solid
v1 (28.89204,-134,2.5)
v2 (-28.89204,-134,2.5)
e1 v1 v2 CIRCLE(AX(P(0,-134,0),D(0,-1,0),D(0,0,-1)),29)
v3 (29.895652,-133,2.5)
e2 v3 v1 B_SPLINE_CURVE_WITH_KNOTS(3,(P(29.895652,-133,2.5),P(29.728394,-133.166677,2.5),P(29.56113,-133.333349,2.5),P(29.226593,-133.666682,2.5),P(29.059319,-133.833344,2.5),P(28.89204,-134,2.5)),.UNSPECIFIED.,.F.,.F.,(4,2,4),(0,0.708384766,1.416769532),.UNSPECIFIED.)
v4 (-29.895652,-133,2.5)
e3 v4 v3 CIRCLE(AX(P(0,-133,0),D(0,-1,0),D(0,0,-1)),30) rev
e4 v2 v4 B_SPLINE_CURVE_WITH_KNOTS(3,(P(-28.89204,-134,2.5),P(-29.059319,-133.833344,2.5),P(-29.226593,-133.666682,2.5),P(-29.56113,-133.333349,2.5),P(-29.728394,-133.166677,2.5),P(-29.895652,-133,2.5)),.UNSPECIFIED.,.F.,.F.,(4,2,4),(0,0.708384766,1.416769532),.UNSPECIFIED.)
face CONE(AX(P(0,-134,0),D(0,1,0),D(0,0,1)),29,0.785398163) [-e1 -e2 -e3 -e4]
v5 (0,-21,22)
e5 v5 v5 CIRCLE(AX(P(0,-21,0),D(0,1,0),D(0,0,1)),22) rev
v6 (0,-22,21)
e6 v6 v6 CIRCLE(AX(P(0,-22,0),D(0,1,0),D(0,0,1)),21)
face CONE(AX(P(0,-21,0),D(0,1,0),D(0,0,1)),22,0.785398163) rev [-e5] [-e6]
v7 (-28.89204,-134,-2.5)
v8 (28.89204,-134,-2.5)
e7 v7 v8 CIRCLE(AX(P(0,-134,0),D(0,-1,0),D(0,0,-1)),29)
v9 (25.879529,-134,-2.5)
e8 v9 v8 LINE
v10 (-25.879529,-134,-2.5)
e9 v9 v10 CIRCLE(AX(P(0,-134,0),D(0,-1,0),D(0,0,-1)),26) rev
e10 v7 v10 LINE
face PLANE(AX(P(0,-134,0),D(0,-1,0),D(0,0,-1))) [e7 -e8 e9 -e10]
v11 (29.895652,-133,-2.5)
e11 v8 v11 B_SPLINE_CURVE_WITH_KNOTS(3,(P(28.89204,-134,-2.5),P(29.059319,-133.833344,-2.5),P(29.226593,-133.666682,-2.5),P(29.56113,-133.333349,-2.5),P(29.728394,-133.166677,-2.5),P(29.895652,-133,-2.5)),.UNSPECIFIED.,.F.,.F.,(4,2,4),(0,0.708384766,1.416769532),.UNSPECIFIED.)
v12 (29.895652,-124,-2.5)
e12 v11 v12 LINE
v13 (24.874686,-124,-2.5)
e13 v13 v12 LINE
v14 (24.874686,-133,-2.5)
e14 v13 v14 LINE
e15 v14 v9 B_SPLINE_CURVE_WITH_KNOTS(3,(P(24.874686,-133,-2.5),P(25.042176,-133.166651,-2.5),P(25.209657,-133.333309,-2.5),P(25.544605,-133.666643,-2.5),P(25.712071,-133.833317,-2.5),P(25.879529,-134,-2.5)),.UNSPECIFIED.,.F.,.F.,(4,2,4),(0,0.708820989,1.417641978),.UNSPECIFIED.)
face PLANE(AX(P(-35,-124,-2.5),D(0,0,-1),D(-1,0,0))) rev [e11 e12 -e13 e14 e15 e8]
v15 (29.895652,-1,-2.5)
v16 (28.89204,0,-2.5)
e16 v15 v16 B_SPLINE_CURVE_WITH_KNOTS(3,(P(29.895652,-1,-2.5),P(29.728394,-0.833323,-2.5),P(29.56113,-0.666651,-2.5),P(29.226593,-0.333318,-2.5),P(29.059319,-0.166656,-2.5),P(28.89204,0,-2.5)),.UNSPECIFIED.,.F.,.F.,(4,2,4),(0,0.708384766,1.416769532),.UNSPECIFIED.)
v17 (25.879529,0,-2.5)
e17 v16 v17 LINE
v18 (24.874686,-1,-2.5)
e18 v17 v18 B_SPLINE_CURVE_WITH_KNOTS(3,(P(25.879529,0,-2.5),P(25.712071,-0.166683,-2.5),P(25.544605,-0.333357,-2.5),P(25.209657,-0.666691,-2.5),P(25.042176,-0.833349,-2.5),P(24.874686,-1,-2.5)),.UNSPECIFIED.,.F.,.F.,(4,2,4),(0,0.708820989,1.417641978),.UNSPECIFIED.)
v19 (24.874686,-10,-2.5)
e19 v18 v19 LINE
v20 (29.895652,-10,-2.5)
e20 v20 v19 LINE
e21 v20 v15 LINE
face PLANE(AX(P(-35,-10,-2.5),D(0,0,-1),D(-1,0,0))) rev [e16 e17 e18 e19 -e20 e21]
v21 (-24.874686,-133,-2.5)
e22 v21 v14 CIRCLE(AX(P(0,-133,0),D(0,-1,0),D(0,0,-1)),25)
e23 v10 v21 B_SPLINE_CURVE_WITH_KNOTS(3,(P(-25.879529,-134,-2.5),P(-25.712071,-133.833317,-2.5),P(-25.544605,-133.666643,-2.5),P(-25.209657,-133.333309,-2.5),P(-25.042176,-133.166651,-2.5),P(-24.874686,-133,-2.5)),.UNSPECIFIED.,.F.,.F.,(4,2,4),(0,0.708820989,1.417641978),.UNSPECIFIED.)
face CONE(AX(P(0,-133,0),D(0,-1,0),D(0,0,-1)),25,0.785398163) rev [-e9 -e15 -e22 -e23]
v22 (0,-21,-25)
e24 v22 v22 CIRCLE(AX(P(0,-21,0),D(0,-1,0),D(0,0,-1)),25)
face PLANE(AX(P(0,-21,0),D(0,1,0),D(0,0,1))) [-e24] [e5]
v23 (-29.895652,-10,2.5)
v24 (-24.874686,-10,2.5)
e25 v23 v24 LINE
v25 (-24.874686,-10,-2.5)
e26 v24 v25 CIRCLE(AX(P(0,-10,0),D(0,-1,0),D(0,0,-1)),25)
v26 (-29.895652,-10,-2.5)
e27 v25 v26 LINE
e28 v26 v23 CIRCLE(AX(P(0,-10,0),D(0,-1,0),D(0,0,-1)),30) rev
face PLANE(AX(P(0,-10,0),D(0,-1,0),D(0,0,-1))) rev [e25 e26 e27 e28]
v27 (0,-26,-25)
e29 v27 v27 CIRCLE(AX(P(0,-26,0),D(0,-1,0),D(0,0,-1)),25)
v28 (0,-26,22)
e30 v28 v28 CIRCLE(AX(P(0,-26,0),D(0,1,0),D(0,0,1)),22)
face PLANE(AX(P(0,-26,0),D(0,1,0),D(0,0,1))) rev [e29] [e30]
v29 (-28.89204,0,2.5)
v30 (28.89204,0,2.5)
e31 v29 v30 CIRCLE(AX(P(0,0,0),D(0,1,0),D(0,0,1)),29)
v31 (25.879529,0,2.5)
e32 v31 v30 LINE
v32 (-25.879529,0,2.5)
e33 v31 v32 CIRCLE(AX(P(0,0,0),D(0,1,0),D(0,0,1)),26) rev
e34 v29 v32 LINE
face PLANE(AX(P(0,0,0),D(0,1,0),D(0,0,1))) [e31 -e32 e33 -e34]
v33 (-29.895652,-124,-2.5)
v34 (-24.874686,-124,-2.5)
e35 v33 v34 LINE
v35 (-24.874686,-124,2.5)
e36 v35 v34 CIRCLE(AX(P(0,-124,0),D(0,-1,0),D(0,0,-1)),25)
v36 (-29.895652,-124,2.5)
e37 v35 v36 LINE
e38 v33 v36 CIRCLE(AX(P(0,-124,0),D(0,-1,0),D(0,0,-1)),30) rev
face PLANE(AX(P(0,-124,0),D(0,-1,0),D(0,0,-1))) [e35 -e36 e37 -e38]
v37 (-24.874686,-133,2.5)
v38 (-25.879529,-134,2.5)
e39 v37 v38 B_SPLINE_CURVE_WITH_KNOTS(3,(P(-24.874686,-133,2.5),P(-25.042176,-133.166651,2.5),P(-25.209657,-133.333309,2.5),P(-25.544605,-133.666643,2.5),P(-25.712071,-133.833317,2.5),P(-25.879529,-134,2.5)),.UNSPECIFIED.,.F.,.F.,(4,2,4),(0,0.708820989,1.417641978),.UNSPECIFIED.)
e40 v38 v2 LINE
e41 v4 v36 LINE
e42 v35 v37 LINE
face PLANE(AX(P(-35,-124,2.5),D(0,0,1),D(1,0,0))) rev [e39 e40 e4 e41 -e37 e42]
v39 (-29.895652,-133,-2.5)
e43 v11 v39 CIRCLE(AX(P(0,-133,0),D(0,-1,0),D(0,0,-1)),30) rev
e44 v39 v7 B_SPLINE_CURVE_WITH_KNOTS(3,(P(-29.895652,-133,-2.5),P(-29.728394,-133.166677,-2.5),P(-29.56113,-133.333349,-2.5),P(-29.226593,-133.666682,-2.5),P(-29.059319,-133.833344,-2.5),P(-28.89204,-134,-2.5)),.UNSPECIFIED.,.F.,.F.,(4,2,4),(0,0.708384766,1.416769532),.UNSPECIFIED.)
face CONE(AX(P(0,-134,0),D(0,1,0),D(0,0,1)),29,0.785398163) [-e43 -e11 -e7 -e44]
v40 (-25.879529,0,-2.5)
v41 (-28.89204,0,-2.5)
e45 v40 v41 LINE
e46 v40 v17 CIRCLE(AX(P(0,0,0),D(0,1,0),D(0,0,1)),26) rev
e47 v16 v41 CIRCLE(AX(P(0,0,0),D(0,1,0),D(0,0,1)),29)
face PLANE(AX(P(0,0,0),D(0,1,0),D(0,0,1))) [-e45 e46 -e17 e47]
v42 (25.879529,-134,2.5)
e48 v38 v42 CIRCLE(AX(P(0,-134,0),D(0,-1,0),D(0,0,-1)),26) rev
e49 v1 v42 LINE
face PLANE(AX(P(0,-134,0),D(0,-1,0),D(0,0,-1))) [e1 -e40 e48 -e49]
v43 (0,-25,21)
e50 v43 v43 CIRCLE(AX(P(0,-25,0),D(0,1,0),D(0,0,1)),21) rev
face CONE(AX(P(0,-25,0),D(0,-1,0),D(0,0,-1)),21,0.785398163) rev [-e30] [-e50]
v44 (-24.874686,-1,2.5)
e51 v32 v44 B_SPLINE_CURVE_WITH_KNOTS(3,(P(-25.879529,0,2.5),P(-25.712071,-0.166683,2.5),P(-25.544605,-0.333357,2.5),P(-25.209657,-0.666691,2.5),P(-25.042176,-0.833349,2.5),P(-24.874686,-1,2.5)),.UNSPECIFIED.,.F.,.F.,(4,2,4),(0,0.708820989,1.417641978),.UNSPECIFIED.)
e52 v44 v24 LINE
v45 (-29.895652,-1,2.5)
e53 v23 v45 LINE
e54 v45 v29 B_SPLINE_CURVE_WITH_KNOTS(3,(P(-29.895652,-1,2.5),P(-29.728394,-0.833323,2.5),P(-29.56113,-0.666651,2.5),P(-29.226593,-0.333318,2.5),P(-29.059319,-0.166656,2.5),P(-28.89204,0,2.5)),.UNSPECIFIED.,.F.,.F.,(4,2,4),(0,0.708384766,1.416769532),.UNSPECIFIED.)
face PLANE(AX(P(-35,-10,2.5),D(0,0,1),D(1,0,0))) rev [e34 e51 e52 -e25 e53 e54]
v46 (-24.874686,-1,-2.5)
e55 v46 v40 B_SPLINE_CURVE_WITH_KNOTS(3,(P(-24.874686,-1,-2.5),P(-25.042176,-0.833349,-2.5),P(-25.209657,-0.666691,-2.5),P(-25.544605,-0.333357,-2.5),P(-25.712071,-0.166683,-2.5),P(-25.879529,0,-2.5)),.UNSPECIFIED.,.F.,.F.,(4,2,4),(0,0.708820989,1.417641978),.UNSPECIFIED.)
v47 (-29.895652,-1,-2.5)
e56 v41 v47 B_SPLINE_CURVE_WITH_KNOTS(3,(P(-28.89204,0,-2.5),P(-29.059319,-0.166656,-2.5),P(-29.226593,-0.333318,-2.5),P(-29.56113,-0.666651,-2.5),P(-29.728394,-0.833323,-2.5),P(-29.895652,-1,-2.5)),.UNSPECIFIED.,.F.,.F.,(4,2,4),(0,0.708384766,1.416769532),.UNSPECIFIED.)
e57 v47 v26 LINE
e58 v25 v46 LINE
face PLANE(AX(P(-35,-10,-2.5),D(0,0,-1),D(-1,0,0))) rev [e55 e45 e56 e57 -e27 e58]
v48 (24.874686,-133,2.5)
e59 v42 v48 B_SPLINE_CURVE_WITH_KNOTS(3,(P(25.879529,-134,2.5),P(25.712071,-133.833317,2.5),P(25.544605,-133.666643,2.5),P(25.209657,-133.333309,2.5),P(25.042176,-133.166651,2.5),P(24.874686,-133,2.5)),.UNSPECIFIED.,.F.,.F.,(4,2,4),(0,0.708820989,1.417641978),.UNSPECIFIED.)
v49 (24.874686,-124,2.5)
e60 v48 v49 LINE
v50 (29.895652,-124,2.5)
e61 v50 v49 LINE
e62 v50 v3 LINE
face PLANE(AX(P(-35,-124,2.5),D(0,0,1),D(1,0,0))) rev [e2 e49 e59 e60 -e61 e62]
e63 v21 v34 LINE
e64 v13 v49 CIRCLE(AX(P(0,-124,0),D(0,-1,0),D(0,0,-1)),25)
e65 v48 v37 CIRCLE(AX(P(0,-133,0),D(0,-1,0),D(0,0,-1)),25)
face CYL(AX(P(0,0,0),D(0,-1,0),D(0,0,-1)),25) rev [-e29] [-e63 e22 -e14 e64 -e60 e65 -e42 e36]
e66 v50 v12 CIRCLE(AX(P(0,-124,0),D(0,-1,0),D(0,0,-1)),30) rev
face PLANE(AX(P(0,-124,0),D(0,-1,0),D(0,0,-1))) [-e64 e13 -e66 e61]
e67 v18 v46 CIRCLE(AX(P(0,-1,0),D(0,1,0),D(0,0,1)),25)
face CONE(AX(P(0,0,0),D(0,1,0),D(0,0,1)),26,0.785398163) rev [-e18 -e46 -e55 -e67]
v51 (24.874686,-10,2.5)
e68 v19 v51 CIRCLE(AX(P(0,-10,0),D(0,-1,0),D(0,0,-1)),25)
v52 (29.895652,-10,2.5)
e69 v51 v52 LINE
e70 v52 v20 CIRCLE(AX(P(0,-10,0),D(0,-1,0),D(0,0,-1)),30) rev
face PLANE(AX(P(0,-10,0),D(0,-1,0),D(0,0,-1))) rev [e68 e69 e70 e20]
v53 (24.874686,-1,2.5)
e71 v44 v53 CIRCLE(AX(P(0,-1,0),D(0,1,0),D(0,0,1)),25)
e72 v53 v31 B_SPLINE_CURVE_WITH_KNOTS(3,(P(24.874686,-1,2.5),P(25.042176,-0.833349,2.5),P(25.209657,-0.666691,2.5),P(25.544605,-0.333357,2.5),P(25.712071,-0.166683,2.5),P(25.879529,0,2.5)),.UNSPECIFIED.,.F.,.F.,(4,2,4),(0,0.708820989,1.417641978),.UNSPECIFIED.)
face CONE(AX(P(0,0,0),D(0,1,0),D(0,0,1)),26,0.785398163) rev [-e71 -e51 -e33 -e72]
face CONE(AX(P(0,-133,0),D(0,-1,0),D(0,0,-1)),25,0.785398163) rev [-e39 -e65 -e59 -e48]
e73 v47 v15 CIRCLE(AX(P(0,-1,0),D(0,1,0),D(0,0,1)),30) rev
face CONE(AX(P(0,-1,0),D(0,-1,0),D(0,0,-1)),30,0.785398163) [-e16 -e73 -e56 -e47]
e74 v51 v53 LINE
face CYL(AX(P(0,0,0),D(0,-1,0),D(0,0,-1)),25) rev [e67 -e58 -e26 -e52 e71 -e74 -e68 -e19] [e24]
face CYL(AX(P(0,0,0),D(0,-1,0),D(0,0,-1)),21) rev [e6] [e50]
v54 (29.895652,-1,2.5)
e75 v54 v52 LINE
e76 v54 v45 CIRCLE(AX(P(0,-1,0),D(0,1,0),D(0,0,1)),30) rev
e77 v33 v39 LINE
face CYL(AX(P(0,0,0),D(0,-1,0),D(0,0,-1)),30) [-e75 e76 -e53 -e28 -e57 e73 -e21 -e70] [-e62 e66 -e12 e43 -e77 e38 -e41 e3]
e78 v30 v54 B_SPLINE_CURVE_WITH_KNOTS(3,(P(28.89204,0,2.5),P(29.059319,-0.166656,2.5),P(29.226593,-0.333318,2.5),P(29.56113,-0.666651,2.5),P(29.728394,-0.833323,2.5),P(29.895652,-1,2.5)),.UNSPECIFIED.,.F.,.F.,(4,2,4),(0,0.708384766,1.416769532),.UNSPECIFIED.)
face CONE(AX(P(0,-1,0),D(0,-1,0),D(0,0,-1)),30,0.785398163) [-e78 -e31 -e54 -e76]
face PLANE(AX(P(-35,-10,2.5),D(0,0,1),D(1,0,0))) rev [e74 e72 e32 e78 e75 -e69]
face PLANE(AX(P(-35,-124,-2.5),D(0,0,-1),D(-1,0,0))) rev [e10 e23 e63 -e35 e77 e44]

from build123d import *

# Parameters (mm, degrees)
SKETCH2_W          = 70
SKETCH2_H          = 5
CUT_EXTRUDE1_DEPTH = 10
SKETCH3_W          = 70
SKETCH3_H          = 5
CUT_EXTRUDE2_DEPTH = 10
CHAMFER1_SIZE      = 1


with BuildPart() as part:
    # Sketch1 → Revolve1 (revolve)
    with BuildSketch(Plane.XY):
        Polygon((25, -134), (30, -134), (30, 0), (25, 0), (25, -21), (21, -21), (21, -26), (25, -26), align=None)
    revolve(axis=Axis((0, 0, 0), (0, 1, 0)))

    # Sketch2 → Cut-Extrude1 (cut)
    with BuildSketch(Plane(origin=(0, 0, 0), x_dir=(1, 0, 0), z_dir=(0, 1, 0))):
        Rectangle(SKETCH2_W, SKETCH2_H)
    extrude(amount=-CUT_EXTRUDE1_DEPTH, mode=Mode.SUBTRACT)

    # Sketch3 → Cut-Extrude2 (cut)
    with BuildSketch(Plane.XZ.offset(134)):
        Rectangle(SKETCH3_W, SKETCH3_H)
    extrude(amount=-CUT_EXTRUDE2_DEPTH, mode=Mode.SUBTRACT)

    # Chamfer1
    chamfer1_edges = [part.edges().sort_by_distance(p)[0] for p in [
        (-21, -26, 0),
        (-21, -21, 0),
        (0, 0, 25),
        (0, 0, -25),
        (0, 0, 30),
        (0, 0, -30),
        (0, -134, 30),
        (0, -134, -30),
        (0, -134, 25),
        (0, -134, -25),
    ]]
    chamfer(chamfer1_edges, length=CHAMFER1_SIZE)


solid = part.part
